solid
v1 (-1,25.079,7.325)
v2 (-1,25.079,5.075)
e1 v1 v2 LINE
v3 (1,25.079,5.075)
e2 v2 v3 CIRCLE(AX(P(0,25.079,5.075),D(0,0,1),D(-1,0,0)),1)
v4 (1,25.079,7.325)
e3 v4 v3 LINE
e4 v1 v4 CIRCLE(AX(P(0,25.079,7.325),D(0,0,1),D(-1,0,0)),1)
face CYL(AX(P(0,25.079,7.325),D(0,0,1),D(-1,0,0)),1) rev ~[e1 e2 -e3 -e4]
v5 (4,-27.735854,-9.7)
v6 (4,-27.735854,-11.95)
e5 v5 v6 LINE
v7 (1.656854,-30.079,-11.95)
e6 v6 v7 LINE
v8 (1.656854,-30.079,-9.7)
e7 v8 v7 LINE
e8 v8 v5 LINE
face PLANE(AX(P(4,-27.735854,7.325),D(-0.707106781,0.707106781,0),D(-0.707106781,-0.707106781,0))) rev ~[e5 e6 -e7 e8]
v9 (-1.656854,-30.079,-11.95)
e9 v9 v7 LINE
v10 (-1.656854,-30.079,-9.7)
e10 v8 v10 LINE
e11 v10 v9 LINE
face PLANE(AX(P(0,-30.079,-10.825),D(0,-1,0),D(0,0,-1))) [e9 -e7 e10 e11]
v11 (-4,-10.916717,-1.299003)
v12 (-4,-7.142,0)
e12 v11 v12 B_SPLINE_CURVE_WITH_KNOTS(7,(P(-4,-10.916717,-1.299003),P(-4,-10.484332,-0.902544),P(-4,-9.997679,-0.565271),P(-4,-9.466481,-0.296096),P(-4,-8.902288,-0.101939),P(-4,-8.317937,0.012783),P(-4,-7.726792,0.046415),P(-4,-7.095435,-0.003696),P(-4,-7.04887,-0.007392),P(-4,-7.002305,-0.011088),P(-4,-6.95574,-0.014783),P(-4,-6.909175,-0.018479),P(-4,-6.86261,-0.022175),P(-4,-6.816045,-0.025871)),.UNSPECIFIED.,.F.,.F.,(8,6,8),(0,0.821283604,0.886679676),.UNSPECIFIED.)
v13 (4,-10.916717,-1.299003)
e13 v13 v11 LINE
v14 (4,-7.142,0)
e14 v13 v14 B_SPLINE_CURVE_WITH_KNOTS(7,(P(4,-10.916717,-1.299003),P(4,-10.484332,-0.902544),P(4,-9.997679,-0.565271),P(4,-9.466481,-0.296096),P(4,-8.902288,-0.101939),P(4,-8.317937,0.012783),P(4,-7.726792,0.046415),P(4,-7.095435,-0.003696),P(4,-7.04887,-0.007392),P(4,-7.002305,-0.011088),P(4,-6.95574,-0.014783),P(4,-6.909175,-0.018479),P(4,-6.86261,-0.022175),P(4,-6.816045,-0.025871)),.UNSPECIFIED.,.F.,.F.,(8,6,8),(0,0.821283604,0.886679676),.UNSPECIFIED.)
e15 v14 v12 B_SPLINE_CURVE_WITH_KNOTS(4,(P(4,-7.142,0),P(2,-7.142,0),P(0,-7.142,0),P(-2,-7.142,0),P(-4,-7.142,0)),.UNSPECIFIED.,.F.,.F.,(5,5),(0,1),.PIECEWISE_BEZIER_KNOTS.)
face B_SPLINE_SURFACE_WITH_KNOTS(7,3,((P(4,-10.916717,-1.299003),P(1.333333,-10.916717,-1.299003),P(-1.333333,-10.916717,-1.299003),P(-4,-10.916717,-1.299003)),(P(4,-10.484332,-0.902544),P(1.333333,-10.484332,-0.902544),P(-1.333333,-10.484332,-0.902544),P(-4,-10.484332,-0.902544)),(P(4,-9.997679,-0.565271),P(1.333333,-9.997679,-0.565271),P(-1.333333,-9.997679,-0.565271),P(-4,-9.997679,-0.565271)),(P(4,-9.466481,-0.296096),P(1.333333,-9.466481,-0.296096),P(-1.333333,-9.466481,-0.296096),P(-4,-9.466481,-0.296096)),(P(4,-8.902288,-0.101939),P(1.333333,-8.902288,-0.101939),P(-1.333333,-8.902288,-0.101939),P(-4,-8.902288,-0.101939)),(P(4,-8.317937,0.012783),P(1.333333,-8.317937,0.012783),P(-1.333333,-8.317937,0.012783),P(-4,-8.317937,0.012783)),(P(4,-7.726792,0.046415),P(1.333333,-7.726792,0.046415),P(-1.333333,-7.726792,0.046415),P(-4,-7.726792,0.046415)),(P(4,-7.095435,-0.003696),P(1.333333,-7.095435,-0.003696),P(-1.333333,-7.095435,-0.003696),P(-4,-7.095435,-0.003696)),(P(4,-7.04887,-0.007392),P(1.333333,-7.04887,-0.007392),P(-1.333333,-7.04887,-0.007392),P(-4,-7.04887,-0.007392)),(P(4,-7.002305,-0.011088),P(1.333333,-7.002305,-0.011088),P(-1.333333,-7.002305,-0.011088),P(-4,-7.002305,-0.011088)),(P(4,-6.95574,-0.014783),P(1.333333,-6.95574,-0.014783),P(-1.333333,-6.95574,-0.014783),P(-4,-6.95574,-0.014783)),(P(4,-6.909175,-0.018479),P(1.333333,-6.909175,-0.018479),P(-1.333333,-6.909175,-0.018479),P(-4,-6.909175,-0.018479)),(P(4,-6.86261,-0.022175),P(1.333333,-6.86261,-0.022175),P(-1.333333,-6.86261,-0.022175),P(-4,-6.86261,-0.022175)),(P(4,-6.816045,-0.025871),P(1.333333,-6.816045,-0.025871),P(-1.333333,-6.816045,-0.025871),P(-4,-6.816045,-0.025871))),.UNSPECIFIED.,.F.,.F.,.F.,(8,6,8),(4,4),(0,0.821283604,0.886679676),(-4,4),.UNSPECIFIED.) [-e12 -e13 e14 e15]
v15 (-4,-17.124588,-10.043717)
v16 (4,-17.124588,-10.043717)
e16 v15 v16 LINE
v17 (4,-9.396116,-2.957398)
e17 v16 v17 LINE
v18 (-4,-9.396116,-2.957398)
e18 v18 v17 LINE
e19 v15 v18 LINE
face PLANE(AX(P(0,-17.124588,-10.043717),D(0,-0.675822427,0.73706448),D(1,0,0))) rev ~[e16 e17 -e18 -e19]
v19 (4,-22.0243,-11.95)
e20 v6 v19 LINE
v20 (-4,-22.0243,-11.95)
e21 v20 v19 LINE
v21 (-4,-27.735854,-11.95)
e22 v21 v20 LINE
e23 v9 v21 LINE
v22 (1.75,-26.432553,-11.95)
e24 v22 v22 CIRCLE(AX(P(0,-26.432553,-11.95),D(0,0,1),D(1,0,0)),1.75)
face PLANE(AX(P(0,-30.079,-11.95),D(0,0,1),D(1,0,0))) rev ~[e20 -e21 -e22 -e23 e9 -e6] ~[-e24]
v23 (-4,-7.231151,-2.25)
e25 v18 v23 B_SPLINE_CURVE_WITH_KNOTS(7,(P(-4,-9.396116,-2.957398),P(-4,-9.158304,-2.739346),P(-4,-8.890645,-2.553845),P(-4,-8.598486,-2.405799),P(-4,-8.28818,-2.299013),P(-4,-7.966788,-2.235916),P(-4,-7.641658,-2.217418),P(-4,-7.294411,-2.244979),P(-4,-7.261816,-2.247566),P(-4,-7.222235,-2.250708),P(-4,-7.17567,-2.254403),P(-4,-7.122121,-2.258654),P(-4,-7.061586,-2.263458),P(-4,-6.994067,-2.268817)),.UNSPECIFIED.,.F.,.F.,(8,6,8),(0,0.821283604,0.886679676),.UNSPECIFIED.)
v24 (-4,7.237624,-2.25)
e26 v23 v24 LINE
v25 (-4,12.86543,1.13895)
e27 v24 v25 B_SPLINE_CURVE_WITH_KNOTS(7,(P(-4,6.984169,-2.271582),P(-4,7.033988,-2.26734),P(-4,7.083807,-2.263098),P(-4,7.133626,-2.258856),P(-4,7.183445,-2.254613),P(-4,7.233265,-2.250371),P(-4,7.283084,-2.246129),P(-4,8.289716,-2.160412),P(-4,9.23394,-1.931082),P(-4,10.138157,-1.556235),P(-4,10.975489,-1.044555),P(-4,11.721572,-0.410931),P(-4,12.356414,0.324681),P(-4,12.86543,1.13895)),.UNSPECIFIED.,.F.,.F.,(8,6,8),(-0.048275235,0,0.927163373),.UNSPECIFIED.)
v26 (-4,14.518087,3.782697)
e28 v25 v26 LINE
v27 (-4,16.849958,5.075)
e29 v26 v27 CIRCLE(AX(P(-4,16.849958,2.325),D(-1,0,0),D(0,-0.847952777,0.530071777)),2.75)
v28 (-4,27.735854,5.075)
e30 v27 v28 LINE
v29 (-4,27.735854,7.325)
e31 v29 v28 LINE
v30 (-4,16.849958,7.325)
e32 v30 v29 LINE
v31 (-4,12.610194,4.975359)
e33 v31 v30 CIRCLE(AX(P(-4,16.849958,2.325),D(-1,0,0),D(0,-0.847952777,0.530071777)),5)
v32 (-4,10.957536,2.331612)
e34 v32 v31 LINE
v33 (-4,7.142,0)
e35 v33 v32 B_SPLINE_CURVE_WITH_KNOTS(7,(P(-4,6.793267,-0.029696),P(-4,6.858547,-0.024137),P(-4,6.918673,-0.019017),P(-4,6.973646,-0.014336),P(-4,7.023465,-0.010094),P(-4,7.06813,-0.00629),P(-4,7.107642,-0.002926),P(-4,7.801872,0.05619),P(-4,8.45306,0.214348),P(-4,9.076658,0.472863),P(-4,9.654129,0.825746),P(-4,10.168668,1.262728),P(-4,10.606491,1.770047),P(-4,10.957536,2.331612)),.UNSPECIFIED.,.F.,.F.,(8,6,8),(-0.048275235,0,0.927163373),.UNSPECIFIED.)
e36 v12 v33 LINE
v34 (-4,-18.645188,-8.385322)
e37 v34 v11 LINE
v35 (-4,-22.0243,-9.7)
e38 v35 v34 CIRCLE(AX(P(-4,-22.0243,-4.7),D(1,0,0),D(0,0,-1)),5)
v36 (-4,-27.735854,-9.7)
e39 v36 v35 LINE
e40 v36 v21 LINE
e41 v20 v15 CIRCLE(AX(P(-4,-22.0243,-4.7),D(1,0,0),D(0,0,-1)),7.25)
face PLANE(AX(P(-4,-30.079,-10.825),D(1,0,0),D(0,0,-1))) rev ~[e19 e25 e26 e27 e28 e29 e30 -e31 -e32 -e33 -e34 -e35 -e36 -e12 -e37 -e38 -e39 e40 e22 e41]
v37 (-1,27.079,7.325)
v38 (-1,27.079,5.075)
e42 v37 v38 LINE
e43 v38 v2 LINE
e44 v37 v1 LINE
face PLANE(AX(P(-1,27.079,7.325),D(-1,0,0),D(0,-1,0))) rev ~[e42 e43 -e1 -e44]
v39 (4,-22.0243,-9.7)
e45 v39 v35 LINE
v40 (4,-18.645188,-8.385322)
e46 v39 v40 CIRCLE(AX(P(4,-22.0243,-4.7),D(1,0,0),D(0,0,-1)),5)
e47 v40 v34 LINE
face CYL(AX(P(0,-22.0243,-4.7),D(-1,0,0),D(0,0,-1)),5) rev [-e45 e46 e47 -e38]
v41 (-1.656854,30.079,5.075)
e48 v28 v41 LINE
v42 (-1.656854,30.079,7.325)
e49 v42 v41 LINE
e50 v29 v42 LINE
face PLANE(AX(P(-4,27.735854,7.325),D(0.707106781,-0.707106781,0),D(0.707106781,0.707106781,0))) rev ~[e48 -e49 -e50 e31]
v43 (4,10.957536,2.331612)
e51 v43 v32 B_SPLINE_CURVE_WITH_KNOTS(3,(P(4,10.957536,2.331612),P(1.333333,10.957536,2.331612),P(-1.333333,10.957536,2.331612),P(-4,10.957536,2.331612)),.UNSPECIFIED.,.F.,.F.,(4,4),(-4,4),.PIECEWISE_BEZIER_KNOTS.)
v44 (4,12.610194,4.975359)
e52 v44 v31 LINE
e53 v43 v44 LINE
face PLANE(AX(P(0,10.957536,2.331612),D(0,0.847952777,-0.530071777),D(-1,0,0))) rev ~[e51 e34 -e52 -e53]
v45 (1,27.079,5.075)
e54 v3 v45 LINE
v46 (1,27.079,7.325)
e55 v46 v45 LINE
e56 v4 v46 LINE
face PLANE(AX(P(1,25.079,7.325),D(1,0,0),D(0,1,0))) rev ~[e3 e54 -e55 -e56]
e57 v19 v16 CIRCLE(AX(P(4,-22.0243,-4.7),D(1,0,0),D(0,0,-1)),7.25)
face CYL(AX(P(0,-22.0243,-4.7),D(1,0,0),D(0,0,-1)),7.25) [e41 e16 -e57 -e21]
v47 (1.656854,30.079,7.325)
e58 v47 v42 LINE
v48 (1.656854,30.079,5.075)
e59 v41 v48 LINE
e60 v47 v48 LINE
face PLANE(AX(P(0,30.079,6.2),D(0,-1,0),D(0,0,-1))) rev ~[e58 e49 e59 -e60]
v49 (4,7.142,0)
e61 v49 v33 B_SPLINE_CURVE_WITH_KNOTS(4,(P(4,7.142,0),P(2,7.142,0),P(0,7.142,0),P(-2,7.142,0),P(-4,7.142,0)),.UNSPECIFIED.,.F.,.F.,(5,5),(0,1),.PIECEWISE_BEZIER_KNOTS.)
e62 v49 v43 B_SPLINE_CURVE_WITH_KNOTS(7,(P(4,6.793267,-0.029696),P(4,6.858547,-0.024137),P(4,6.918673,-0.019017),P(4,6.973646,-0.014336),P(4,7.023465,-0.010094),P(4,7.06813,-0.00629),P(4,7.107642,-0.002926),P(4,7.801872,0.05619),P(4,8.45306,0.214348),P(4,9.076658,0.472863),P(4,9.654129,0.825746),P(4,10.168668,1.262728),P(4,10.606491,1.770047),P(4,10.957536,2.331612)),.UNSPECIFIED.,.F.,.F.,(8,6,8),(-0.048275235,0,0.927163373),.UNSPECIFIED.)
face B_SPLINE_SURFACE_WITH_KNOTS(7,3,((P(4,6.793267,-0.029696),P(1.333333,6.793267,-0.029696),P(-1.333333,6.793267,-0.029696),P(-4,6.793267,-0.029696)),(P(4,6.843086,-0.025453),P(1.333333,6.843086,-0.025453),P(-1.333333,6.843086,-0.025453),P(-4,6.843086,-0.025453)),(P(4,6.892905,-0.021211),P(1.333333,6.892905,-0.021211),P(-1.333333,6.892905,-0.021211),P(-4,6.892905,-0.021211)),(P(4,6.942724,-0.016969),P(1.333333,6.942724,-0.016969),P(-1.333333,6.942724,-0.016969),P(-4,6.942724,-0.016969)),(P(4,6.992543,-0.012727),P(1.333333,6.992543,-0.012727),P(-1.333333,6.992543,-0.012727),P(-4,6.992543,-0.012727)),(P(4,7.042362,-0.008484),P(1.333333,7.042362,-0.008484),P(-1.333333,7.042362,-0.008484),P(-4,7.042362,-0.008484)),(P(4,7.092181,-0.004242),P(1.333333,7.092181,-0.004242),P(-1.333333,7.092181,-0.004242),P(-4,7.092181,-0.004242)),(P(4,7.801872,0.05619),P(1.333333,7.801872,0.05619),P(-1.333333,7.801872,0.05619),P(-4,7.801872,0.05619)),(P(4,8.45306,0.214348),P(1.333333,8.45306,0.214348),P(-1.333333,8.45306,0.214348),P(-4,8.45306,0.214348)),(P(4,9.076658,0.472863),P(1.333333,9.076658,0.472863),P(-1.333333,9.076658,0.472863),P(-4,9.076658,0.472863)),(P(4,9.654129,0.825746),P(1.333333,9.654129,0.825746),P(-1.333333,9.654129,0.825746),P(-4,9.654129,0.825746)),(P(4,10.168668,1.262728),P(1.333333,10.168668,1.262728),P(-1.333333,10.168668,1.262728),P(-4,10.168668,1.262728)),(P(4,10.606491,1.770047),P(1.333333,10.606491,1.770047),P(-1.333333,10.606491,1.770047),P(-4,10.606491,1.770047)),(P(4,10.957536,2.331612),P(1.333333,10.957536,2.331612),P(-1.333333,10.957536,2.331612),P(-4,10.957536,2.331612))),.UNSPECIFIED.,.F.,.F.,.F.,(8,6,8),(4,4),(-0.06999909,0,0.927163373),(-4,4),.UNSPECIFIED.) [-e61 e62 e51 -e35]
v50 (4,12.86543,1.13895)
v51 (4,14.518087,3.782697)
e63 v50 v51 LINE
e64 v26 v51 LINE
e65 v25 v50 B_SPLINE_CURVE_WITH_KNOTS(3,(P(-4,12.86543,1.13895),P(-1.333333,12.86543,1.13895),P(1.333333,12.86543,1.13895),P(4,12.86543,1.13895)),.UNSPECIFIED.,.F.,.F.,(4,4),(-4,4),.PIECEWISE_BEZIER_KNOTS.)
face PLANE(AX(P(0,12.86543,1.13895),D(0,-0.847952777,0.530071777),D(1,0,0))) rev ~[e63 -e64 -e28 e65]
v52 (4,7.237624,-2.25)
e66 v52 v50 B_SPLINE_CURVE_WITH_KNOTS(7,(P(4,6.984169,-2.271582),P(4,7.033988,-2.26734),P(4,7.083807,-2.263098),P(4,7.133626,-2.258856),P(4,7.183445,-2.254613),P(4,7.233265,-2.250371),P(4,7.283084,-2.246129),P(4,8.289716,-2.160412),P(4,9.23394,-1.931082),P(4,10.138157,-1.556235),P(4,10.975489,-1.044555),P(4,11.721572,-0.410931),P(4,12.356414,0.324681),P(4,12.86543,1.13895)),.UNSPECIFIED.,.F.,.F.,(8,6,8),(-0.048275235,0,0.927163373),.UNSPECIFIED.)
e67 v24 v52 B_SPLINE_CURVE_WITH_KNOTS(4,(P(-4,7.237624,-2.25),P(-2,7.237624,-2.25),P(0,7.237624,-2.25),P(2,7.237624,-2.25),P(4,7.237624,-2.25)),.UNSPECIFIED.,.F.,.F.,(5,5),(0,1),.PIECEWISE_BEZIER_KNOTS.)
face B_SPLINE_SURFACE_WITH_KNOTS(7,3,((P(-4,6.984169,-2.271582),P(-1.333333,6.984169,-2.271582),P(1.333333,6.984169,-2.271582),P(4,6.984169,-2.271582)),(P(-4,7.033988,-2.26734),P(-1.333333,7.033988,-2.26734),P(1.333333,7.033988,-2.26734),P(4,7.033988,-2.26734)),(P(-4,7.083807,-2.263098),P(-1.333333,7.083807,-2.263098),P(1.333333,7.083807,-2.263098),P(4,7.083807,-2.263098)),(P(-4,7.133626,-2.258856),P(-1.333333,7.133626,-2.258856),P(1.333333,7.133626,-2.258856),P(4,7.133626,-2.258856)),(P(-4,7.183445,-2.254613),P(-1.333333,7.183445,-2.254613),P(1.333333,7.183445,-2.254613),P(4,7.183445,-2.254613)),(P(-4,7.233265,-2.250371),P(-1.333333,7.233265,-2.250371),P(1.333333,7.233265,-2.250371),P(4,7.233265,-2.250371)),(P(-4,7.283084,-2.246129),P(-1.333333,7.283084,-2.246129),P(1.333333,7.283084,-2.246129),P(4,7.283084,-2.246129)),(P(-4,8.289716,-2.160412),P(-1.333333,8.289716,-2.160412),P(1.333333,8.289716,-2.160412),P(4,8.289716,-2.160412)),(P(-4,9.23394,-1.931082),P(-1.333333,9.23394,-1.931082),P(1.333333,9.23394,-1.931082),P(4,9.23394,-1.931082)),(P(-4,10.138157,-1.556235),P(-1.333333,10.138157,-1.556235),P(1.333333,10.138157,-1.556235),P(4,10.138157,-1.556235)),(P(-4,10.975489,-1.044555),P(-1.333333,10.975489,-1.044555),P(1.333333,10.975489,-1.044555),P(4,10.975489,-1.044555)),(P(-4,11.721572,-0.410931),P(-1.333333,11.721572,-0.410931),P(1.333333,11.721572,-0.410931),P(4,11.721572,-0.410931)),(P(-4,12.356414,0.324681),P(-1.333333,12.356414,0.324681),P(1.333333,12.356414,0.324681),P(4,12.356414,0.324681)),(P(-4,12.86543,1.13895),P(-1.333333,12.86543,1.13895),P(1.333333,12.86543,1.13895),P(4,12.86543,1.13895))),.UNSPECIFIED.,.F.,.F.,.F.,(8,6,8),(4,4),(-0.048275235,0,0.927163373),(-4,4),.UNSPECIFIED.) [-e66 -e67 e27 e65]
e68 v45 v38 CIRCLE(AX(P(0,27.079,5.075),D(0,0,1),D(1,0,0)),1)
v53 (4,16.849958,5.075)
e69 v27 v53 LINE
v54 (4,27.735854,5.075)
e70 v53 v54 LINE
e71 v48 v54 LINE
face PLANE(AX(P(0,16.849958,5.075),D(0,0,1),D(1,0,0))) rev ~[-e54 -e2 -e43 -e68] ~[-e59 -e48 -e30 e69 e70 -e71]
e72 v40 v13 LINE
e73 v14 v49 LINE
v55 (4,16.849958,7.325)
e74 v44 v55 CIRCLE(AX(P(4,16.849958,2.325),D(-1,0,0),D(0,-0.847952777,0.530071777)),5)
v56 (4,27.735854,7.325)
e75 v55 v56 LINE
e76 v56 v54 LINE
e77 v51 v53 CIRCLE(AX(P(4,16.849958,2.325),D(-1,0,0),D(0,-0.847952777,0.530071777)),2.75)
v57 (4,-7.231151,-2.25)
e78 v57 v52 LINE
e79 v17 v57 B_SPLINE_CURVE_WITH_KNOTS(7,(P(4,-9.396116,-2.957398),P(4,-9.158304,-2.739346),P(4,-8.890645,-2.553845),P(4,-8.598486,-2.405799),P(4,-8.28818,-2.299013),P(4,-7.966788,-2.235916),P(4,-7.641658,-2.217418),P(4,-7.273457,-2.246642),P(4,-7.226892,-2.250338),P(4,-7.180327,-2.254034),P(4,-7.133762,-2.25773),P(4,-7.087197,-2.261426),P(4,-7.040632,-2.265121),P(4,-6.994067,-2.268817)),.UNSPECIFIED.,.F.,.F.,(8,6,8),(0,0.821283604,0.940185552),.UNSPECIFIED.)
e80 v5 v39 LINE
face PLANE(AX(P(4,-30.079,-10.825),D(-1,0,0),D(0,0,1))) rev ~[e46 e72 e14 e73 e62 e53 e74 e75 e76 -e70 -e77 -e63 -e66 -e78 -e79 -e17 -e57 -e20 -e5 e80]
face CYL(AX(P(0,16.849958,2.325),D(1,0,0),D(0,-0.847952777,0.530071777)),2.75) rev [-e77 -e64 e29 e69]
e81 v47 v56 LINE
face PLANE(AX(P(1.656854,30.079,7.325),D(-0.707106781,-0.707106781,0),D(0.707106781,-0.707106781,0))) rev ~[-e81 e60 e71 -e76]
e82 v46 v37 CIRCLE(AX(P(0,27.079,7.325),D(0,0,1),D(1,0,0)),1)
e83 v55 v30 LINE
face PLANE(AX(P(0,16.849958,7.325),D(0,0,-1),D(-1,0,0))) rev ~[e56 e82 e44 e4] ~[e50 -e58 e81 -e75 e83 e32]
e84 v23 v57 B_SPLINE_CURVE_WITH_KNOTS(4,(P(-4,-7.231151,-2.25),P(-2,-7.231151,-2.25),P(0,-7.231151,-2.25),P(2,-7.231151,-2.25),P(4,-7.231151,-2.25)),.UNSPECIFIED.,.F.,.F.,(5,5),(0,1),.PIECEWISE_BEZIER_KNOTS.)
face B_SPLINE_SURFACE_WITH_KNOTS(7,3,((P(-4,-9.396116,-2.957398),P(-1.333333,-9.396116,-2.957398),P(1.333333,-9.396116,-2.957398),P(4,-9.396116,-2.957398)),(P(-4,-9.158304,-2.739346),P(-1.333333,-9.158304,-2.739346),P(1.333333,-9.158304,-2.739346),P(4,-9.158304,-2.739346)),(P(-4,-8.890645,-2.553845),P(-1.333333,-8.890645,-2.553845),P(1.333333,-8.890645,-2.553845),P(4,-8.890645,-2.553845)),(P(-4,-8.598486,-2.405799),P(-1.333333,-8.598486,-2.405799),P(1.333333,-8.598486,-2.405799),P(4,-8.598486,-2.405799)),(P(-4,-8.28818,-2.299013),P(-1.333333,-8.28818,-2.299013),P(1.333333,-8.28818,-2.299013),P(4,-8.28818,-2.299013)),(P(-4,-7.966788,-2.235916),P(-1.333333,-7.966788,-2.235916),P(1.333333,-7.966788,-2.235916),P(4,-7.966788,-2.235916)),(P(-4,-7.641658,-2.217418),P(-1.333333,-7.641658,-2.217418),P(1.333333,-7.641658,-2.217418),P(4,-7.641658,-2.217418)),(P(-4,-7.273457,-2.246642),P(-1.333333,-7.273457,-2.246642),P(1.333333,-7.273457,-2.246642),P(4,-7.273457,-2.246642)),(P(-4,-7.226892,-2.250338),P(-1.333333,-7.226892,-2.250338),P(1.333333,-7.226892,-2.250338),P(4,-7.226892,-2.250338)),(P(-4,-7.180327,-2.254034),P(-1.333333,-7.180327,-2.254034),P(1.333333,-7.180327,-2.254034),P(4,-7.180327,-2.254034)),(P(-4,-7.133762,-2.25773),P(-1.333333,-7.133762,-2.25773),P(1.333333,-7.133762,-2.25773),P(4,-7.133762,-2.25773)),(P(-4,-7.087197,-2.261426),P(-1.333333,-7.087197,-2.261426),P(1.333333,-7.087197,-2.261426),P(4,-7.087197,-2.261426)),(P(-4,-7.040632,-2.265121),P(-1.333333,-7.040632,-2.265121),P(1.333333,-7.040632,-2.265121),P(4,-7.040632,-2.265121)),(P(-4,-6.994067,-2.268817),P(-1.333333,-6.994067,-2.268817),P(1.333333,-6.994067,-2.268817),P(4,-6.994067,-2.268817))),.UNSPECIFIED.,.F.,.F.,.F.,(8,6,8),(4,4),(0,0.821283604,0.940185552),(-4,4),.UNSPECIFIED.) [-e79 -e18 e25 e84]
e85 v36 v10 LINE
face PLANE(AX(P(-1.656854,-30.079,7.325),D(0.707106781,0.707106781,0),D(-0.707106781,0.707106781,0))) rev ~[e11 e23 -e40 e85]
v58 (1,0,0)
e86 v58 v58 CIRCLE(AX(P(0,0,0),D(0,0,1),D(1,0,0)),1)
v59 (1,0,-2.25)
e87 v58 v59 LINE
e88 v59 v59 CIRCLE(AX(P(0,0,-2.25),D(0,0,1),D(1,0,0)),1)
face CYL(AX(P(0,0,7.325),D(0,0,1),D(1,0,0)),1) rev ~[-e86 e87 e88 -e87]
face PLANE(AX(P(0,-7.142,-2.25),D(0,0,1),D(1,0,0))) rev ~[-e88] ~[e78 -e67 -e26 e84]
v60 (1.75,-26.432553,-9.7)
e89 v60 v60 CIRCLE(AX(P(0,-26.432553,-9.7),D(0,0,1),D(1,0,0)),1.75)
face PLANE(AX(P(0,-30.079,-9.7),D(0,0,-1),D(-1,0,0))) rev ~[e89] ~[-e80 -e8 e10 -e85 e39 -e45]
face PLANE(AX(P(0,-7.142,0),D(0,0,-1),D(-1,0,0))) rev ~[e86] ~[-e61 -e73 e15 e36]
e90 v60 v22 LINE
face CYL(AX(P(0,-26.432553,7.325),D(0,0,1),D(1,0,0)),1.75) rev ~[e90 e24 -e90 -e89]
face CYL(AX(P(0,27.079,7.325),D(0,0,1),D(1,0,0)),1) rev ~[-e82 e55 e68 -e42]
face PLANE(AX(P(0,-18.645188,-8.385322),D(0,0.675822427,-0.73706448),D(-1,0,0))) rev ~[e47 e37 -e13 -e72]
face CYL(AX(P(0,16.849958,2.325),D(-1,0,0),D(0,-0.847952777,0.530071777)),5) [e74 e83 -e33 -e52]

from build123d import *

# Parameters (mm, degrees)
F2_W     = 8
F2_H     = 2.25
F4_R     = 1
F4_R_2   = 1.75
F5_DEPTH = 19.275


with BuildPart() as f3:
    # F3: sweep along a path in F0
    with BuildLine(Plane.YZ) as f3_path:
        Line((-30.079, -9.7), (-22.0243003465, -9.7))
        ThreePointArc((-22.0243003465, -9.7), (-20.2113761884, -9.3597538559), (-18.6451882121, -8.3853223989))
        Line((-18.6451882121, -8.3853223989), (-10.9167165036, -1.2990027493))
        ThreePointArc((-10.9167165036, -1.2990027493), (-9.164620559, -0.2564484241), (-7.142, 0))
        Line((-7.142, 0), (7.142, 0))
        ThreePointArc((7.142, 0), (9.3249367628, 0.7155093073), (10.9575358104, 2.3316116645))
        Line((10.9575358104, 2.3316116645), (12.6101936284, 4.9753588836))
        ThreePointArc((12.6101936284, 4.9753588836), (14.4263026704, 6.6983165), (16.8499575119, 7.325))
        Line((16.8499575119, 7.325), (30.079, 7.325))
    # F2 (on plane+point) → F3 (sweep)
    with BuildSketch(Plane.XZ.offset(-30.079)):
        with Locations((0, 6.2)):
            Rectangle(F2_W, F2_H)
    sweep(path=f3_path.line, transition=Transition.RIGHT)

    # F4 (on face) → F5 (cut, through all)
    with BuildSketch(Plane.XY.offset(7.325)):
        Circle(F4_R)
        with BuildLine():
            ThreePointArc((1, 27.079), (0, 28.079), (-1, 27.079))
            Line((-1, 27.079), (-1, 25.079))
            ThreePointArc((-1, 25.079), (0, 24.079), (1, 25.079))
            Line((1, 25.079), (1, 27.079))
        make_face()
        with Locations((0, -26.4325533906)):
            Circle(F4_R_2)
        Polygon((-4, -30.079), (-1.6568542495, -30.079), (-4, -27.7358542495), align=None)
        Polygon((4, -30.079), (4, -27.7358542495), (1.6568542495, -30.079), align=None)
        Polygon((4, 30.079), (1.6568542495, 30.079), (4, 27.7358542495), align=None)
        Polygon((-4, 27.7358542495), (-1.6568542495, 30.079), (-4, 30.079), align=None)
    extrude(amount=-F5_DEPTH, mode=Mode.SUBTRACT)


solid = f3.part
